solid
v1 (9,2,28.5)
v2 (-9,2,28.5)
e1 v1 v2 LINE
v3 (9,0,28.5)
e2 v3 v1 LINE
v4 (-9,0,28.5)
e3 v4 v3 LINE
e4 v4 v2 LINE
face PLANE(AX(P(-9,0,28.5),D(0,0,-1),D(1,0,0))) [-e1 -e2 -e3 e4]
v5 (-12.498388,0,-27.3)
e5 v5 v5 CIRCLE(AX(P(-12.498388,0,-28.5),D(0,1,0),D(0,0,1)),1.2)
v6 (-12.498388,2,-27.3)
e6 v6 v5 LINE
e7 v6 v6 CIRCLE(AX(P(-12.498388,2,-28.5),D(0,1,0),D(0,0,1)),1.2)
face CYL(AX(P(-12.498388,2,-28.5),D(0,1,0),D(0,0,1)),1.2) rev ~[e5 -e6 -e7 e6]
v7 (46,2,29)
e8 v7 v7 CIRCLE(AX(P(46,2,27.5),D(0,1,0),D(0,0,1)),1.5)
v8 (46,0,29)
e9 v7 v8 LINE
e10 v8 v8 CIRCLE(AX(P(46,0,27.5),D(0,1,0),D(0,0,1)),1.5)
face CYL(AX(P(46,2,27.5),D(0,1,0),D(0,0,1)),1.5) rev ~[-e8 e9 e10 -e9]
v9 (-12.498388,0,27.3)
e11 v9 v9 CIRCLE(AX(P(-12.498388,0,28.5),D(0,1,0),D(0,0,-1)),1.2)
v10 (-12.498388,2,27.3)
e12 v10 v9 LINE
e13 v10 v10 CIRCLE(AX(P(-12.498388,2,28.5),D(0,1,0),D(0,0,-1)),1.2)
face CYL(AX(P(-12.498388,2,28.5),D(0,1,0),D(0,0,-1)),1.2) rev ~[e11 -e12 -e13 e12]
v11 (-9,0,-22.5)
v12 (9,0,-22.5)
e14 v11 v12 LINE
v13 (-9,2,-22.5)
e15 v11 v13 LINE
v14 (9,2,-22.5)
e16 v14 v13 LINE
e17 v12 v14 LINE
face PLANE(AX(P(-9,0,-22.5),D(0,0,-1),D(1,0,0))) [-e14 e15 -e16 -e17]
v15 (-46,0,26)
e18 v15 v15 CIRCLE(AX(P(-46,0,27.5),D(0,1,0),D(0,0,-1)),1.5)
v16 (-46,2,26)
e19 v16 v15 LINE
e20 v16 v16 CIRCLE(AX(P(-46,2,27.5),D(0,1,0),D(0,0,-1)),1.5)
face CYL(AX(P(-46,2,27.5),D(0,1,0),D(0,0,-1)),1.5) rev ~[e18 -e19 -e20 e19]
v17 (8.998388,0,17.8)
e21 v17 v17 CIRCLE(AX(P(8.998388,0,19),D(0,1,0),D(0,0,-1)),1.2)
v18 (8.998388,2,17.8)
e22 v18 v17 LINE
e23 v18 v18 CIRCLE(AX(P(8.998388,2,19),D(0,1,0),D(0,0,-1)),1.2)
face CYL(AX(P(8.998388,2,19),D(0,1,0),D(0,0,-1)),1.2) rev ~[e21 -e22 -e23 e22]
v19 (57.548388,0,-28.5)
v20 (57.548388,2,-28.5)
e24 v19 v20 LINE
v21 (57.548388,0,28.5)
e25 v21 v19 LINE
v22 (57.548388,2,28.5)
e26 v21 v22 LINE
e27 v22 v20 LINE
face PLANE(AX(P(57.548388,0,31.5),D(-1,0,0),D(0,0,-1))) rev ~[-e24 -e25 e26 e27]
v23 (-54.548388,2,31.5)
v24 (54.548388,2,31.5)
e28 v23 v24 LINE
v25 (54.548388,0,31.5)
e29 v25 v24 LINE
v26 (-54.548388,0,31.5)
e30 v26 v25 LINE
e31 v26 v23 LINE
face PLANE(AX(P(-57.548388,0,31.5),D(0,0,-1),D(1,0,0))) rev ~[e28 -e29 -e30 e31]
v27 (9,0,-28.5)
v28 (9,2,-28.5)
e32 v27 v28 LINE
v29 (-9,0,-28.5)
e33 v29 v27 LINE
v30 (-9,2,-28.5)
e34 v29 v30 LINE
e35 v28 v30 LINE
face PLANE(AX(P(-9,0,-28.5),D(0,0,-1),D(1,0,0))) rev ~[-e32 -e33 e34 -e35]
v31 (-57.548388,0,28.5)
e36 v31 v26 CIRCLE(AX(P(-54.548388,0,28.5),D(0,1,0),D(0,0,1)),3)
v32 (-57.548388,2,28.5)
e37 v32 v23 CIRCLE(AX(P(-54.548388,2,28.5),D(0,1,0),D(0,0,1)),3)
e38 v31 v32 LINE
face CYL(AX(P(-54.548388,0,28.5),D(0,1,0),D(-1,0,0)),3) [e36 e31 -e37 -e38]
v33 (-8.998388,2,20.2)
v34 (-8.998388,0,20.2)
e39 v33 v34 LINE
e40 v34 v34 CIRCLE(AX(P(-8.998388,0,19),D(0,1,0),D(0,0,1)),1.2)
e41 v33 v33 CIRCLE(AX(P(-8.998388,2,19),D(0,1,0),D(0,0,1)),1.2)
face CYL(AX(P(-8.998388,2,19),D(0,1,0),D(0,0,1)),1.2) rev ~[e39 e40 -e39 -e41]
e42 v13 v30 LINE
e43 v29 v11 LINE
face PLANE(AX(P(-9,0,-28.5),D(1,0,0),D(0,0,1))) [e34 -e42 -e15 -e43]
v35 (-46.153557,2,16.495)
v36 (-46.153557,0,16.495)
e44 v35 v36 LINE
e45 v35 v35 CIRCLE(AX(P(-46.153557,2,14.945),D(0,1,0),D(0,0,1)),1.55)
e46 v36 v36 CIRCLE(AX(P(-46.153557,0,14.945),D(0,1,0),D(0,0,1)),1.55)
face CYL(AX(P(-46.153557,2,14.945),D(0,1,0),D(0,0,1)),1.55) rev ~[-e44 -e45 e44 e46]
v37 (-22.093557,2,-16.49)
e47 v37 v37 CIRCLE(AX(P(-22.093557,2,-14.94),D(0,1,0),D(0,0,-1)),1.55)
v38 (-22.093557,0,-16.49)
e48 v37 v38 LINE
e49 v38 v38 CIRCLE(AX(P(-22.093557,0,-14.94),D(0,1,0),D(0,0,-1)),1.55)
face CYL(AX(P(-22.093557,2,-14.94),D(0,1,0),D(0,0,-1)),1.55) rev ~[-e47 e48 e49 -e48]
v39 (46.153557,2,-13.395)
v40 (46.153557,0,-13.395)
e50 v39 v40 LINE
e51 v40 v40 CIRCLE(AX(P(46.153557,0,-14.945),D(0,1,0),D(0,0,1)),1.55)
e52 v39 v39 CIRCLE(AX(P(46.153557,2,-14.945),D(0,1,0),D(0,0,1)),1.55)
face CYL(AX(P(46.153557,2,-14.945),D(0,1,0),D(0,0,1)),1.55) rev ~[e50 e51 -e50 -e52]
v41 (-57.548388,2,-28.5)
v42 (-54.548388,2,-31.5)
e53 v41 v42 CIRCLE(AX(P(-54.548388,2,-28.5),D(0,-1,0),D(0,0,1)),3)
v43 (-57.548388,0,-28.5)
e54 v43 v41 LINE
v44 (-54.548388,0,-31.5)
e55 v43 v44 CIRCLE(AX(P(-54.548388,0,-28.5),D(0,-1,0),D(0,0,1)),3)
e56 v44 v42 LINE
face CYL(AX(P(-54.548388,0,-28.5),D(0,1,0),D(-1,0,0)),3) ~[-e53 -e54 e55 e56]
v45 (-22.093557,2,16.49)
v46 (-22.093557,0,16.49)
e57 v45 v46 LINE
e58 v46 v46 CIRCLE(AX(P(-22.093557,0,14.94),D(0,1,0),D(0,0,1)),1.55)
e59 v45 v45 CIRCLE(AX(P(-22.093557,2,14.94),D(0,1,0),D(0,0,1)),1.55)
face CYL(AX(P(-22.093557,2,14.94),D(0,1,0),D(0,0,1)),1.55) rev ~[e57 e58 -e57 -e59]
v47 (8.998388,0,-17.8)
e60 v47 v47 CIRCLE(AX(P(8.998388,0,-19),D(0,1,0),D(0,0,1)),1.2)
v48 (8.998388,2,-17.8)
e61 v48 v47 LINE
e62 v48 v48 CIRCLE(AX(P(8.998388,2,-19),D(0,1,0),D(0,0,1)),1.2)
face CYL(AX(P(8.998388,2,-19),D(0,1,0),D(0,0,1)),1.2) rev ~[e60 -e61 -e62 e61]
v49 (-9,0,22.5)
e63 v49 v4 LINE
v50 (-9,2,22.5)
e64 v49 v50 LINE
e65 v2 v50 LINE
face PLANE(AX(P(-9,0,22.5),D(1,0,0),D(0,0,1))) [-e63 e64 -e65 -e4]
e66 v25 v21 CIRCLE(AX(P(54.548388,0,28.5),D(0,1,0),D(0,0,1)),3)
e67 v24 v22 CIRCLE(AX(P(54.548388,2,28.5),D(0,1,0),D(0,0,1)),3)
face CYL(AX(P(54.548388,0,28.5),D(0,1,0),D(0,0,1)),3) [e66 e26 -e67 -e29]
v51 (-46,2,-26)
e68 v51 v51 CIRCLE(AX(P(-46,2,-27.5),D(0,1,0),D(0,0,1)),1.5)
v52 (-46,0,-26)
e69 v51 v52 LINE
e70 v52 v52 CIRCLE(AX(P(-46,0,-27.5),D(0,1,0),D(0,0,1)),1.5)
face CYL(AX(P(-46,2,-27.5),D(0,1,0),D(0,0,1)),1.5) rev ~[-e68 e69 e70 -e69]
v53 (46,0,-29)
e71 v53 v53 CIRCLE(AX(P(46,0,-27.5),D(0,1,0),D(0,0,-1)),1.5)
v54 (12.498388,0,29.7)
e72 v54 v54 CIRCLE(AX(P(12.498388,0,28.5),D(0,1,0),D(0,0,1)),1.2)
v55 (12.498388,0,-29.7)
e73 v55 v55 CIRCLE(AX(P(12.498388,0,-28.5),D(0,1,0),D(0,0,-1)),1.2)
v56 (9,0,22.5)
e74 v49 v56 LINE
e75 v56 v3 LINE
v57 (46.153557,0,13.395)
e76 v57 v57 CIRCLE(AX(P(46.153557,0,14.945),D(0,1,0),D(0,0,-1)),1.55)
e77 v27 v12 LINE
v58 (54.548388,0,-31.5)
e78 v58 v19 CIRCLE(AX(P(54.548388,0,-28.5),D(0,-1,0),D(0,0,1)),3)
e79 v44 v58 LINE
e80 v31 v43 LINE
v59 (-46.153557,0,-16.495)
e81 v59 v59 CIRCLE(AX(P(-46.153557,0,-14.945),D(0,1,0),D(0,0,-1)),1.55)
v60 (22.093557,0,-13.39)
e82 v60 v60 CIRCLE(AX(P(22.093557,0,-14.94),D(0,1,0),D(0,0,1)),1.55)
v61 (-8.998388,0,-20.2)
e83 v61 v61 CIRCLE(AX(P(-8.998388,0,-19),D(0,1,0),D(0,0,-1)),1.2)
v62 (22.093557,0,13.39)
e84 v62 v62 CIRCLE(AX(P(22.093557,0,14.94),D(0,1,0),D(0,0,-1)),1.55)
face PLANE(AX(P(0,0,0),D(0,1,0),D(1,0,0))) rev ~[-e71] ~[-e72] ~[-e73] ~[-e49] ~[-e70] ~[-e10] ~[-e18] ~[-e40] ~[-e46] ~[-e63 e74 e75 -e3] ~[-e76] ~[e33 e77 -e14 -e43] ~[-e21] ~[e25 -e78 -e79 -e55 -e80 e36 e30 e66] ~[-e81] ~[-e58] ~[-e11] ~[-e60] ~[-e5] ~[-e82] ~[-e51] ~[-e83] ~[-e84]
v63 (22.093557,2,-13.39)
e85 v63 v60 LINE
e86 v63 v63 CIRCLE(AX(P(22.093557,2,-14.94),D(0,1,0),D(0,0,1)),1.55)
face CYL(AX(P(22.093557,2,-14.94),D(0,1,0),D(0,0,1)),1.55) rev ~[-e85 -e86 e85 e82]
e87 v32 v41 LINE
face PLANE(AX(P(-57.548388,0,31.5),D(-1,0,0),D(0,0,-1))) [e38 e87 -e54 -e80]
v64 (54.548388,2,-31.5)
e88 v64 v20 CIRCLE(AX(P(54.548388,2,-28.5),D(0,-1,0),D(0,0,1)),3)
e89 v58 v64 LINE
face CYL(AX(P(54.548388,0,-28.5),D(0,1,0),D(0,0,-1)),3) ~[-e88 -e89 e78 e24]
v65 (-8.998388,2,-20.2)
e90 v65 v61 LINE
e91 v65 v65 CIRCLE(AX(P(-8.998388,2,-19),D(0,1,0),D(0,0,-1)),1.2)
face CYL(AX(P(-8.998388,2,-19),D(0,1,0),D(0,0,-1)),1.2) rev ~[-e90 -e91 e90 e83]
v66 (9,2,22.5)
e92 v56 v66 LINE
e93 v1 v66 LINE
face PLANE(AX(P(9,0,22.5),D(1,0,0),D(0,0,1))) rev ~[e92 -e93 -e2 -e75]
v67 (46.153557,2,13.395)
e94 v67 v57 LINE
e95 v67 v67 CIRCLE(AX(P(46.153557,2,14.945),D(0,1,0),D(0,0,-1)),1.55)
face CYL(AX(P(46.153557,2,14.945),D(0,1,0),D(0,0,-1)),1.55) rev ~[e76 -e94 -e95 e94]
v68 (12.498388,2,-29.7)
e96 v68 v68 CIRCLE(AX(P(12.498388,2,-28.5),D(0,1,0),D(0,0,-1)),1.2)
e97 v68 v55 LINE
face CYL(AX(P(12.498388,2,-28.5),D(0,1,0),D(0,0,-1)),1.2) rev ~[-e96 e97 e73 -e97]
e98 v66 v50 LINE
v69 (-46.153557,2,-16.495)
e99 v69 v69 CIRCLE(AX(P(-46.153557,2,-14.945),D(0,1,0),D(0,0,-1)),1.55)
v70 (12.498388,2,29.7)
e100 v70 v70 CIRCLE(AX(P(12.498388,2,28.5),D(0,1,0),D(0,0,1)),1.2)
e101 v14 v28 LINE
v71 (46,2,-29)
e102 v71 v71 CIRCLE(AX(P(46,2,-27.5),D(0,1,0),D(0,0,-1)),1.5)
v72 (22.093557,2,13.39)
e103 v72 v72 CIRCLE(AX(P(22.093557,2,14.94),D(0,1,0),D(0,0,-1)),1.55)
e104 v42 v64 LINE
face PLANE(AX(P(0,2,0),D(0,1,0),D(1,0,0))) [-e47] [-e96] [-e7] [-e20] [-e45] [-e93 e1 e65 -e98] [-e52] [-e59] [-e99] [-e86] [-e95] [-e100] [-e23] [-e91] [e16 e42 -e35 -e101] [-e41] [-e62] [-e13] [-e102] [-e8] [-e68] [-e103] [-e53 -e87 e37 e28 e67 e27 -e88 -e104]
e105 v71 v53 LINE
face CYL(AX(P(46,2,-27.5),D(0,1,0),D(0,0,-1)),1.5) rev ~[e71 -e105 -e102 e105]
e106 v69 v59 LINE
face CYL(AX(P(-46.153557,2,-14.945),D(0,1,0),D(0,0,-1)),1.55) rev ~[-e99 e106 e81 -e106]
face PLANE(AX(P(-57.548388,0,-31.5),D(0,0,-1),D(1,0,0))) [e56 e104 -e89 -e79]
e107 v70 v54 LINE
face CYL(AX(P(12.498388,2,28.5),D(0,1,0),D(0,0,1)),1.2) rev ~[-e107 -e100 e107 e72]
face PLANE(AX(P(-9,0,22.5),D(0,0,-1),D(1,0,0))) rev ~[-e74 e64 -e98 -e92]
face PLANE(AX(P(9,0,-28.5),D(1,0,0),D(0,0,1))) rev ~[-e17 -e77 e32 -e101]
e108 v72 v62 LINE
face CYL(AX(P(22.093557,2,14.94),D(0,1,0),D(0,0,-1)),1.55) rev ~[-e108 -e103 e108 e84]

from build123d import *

# Parameters (mm, degrees)
ESBO_O1_W                = 115.09677689
ESBO_O1_H                = 63
RESSALTO_EXTRUS_O1_DEPTH = 2
ESBO_O2_R                = 1.55
CORTE_EXTRUS_O1_DEPTH    = 66.635866816
ESBO_O3_W                = 18
ESBO_O3_H                = 6
CORTE_EXTRUS_O2_DEPTH    = 66.635866816
FILETE1_R                = 3
ESBO_O8_R                = 1.2
CORTE_EXTRUS_O4_DEPTH    = 66.635866816
ESBO_O9_R                = 1.5
CORTE_EXTRUS_O5_DEPTH    = 66.635866816


with BuildPart() as part:
    # Esboço1 → Ressalto-extrusão1 (new body)
    with BuildSketch(Plane(origin=(0, 0, 0), x_dir=(1, 0, 0), z_dir=(0, 1, 0))):
        Rectangle(ESBO_O1_W, ESBO_O1_H)
    extrude(amount=RESSALTO_EXTRUS_O1_DEPTH)

    # Esboço2 → Corte-extrusão1 (cut, through all)
    with BuildSketch(Plane(origin=(0, 2, 0), x_dir=(1, 0, 0), z_dir=(0, 1, 0))):
        with Locations(Location((-46.153556516, -14.945, 0), (0, 0, 270))):
            Circle(ESBO_O2_R)
        with Locations(Location((-22.093556516, -14.94, 0), (0, 0, 270))):
            Circle(ESBO_O2_R)
        with Locations(Location((22.093556516, -14.94, 0), (0, 0, 90))):
            Circle(ESBO_O2_R)
        with Locations(Location((46.153556516, -14.945, 0), (0, 0, 90))):
            Circle(ESBO_O2_R)
        with Locations(Location((46.153556516, 14.945, 0), (0, 0, 270))):
            Circle(ESBO_O2_R)
        with Locations(Location((22.093556516, 14.94, 0), (0, 0, 270))):
            Circle(ESBO_O2_R)
        with Locations(Location((-22.093556516, 14.94, 0), (0, 0, 90))):
            Circle(ESBO_O2_R)
        with Locations(Location((-46.153556516, 14.945, 0), (0, 0, 90))):
            Circle(ESBO_O2_R)
    extrude(amount=-CORTE_EXTRUS_O1_DEPTH, mode=Mode.SUBTRACT)

    # Esboço3 → Corte-extrusão2 (cut, through all)
    with BuildSketch(Plane.XZ):
        with Locations((0, 25.5)):
            Rectangle(ESBO_O3_W, ESBO_O3_H)
        with Locations((0, -25.5)):
            Rectangle(ESBO_O3_W, ESBO_O3_H)
    extrude(amount=-CORTE_EXTRUS_O2_DEPTH, mode=Mode.SUBTRACT)

    # Filete1
    filete1_edges = [part.edges().sort_by_distance(p)[0] for p in [
        (-57.548388445, 1, -31.5),
        (57.548388445, 1, -31.5),
        (57.548388445, 1, 31.5),
        (-57.548388445, 1, 31.5),
    ]]
    fillet(filete1_edges, radius=FILETE1_R)

    # Esboço8 → Corte-extrusão4 (cut, through all)
    with BuildSketch(Plane(origin=(0, 2, 0), x_dir=(1, 0, 0), z_dir=(0, 1, 0))):
        with Locations(Location((-12.498388445, 28.5, 0), (0, 0, 270))):
            Circle(ESBO_O8_R)
        with Locations(Location((12.498388445, 28.5, 0), (0, 0, 90))):
            Circle(ESBO_O8_R)
        with Locations(Location((12.498388445, -28.5, 0), (0, 0, 270))):
            Circle(ESBO_O8_R)
        with Locations(Location((-12.498388445, -28.5, 0), (0, 0, 90))):
            Circle(ESBO_O8_R)
        with Locations(Location((-8.998388445, -19, 0), (0, 0, 270))):
            Circle(ESBO_O8_R)
        with Locations(Location((8.998388445, -19, 0), (0, 0, 90))):
            Circle(ESBO_O8_R)
        with Locations(Location((8.998388445, 19, 0), (0, 0, 270))):
            Circle(ESBO_O8_R)
        with Locations(Location((-8.998388445, 19, 0), (0, 0, 90))):
            Circle(ESBO_O8_R)
    extrude(amount=-CORTE_EXTRUS_O4_DEPTH, mode=Mode.SUBTRACT)

    # Esboço9 → Corte-extrusão5 (cut, through all)
    with BuildSketch(Plane(origin=(0, 2, 0), x_dir=(1, 0, 0), z_dir=(0, 1, 0))):
        with Locations(Location((-46, 27.5, 0), (0, 0, 270))):
            Circle(ESBO_O9_R)
        with Locations(Location((46, 27.5, 0), (0, 0, 90))):
            Circle(ESBO_O9_R)
        with Locations(Location((46, -27.5, 0), (0, 0, 270))):
            Circle(ESBO_O9_R)
        with Locations(Location((-46, -27.5, 0), (0, 0, 90))):
            Circle(ESBO_O9_R)
    extrude(amount=-CORTE_EXTRUS_O5_DEPTH, mode=Mode.SUBTRACT)


solid = part.part
